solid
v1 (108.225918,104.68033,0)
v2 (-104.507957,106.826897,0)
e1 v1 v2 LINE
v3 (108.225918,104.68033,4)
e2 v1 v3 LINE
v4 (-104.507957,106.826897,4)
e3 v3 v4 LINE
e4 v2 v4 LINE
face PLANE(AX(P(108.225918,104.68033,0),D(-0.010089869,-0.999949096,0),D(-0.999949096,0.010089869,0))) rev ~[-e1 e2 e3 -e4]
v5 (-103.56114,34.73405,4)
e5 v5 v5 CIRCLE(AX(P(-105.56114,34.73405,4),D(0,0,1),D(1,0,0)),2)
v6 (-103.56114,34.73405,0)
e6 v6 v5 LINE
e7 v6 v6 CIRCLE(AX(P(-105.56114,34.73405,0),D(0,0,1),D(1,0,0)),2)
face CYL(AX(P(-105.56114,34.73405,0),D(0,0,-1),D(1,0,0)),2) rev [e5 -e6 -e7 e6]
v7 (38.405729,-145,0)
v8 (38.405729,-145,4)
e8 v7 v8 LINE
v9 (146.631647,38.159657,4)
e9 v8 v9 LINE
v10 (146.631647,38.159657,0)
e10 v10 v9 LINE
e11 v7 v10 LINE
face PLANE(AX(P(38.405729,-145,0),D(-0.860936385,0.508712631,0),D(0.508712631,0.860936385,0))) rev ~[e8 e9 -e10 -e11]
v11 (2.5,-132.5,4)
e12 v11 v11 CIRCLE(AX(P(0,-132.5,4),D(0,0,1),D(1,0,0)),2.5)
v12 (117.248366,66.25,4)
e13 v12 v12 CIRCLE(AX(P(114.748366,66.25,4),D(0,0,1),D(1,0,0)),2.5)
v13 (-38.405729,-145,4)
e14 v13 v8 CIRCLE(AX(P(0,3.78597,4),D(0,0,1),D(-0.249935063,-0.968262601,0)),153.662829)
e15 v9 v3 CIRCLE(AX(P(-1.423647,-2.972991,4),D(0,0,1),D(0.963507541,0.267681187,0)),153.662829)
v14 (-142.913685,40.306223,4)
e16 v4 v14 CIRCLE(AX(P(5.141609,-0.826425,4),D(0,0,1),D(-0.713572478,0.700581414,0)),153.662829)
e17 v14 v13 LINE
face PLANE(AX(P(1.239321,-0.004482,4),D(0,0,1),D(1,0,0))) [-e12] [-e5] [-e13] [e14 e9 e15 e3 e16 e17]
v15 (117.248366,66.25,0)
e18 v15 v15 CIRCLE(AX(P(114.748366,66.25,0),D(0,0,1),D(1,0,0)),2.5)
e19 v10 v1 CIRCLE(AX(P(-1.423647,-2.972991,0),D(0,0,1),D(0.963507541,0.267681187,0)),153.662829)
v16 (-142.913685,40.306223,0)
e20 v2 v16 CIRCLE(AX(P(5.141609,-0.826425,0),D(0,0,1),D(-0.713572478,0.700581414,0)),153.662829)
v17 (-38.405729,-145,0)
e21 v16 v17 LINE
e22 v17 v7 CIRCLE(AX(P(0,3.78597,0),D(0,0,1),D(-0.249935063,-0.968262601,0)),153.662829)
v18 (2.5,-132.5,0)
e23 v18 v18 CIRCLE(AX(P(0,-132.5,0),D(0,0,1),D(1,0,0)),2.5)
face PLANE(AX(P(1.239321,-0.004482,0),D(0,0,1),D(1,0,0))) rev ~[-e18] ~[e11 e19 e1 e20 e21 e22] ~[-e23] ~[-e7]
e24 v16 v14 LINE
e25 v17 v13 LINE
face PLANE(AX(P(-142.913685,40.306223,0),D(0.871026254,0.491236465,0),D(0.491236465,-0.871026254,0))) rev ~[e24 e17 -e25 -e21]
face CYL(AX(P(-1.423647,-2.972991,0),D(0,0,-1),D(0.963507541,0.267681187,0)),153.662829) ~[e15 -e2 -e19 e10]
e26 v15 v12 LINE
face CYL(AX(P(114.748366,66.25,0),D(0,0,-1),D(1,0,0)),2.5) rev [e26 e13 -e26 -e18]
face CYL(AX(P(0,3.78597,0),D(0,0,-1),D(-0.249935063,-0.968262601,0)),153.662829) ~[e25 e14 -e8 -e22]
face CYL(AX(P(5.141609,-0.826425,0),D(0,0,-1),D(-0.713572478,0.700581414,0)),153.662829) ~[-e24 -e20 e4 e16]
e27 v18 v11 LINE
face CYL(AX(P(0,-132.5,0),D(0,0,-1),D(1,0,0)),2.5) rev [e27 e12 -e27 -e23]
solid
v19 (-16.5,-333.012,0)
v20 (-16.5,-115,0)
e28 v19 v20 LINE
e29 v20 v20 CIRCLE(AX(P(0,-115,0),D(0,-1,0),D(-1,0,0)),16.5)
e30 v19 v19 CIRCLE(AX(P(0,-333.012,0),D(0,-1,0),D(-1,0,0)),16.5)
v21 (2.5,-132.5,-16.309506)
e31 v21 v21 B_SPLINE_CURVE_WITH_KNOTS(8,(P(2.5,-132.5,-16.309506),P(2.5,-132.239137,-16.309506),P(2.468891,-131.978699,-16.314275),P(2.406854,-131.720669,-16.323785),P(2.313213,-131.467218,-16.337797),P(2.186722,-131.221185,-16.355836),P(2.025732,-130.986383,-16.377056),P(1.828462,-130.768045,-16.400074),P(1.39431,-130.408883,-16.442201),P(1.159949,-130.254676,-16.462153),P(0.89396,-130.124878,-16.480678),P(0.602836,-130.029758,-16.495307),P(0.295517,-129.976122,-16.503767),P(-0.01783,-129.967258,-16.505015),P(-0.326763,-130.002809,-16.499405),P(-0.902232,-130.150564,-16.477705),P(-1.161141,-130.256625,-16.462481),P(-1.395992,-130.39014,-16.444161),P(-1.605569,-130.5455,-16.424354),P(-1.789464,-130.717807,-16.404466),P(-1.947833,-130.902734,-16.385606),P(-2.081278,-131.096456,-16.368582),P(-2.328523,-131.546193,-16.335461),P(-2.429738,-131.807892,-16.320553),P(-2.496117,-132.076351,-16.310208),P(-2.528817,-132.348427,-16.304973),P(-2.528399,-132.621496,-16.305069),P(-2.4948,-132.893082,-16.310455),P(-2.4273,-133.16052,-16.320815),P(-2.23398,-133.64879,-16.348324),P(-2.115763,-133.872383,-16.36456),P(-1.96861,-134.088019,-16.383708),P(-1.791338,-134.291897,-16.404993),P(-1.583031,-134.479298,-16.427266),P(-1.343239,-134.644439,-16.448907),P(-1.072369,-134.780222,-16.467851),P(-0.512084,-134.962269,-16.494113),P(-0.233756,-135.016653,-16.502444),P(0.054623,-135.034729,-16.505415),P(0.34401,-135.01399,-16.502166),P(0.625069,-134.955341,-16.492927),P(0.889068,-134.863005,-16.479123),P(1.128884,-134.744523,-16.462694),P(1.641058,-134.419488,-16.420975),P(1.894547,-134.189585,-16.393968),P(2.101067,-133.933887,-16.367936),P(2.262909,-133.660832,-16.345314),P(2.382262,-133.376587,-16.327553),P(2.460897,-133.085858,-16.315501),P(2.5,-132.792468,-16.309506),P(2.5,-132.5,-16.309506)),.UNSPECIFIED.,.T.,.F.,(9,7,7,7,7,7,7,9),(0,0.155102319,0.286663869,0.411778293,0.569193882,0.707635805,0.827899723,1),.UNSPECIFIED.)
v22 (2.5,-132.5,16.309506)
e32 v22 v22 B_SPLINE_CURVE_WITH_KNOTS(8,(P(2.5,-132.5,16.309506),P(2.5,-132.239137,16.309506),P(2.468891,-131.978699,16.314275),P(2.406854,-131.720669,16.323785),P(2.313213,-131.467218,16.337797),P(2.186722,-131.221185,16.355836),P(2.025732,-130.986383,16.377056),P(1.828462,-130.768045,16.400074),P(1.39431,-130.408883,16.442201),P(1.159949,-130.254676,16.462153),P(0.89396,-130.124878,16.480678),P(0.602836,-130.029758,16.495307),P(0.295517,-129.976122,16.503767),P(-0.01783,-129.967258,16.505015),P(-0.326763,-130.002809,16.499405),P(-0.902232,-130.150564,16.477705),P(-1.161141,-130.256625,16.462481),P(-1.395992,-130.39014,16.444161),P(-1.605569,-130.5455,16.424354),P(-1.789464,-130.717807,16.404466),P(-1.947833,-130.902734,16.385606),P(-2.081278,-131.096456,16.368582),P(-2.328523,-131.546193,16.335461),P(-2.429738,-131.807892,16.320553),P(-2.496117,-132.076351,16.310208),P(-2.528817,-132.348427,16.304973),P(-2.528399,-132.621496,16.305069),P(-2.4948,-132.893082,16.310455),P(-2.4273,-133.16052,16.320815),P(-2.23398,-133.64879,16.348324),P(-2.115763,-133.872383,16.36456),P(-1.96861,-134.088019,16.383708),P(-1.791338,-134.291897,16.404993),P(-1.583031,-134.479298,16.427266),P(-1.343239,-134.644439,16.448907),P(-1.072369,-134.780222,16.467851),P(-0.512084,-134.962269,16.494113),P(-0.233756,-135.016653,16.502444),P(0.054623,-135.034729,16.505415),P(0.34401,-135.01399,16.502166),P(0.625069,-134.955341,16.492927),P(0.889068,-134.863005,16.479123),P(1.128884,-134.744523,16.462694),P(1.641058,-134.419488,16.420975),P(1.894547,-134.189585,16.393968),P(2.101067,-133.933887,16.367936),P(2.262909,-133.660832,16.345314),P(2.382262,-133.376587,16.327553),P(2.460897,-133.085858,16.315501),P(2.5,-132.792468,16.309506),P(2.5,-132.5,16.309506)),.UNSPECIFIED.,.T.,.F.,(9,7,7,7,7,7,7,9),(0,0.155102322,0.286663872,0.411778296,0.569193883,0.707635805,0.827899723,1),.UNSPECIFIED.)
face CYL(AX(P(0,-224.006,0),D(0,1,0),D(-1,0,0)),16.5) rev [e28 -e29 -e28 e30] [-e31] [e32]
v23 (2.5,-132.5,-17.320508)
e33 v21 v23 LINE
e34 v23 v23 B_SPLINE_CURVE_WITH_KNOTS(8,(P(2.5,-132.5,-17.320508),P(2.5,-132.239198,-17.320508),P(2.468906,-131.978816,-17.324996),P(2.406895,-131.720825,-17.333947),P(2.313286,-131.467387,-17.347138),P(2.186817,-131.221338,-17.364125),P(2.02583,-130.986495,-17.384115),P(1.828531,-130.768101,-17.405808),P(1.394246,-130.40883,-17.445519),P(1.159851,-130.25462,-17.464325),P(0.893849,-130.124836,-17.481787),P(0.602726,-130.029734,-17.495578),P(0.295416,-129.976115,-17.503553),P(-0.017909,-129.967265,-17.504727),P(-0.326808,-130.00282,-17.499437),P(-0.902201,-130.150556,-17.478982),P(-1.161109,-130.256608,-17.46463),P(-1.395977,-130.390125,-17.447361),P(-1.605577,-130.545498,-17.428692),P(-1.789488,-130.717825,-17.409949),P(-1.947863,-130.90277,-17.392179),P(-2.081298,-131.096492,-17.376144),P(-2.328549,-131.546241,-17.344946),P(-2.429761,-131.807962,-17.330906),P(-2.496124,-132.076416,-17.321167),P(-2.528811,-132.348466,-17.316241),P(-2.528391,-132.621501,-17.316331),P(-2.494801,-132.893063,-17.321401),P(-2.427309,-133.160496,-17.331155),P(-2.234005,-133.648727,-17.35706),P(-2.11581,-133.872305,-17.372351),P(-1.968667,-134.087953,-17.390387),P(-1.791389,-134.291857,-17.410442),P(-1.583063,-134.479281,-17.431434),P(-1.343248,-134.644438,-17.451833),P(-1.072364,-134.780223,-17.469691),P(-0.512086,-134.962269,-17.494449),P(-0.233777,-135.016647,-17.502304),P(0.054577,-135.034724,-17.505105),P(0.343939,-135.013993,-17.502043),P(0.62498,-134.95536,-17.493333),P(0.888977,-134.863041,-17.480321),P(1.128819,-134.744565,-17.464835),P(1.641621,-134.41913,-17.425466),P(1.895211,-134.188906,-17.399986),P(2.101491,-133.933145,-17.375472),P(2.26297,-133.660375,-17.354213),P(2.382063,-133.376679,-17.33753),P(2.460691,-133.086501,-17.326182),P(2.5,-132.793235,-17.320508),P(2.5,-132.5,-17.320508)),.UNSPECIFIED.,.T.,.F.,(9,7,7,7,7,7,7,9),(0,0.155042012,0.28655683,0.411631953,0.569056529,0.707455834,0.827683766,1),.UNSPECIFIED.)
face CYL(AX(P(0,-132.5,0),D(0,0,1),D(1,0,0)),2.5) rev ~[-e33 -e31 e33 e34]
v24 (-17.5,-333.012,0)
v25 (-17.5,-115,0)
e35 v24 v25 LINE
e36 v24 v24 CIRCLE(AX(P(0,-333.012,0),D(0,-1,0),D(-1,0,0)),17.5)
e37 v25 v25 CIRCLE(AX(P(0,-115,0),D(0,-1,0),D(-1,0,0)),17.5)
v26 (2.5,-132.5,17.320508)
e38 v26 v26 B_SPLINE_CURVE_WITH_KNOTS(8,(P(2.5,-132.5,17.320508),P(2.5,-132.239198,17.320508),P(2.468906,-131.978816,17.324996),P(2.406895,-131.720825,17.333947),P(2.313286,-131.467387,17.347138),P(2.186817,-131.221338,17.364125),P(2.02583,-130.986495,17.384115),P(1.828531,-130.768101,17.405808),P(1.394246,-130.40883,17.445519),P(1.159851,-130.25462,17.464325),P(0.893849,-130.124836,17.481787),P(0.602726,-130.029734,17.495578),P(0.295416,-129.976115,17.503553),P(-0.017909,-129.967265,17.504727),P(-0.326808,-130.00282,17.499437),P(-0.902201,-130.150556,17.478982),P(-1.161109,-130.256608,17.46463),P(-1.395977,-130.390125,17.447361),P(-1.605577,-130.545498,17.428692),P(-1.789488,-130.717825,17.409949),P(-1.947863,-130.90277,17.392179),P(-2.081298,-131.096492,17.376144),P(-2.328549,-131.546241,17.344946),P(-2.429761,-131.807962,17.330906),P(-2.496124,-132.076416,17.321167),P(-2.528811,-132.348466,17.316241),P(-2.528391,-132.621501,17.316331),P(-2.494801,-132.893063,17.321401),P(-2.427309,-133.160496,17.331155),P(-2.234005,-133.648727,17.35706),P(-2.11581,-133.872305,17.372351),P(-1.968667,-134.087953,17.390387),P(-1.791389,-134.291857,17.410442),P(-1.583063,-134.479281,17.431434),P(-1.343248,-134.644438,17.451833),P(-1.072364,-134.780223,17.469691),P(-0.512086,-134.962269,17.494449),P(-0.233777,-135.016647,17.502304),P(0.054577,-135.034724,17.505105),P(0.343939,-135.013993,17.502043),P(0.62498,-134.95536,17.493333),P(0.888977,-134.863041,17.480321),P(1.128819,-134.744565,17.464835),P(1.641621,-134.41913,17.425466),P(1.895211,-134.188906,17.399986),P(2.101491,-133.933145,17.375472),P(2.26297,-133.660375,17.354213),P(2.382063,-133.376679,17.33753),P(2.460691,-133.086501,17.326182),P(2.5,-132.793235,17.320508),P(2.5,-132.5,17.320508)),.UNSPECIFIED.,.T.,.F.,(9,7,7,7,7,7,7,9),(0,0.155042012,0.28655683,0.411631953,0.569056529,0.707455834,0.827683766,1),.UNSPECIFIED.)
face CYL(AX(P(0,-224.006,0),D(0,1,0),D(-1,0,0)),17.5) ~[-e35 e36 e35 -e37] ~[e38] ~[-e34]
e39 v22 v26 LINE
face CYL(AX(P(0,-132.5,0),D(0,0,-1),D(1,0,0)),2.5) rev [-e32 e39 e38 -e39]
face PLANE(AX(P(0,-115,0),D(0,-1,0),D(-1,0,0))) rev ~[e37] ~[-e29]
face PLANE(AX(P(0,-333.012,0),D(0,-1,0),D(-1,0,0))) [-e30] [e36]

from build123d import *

# Parameters (mm, degrees)
F1_W          = 1
F1_H          = 218.012
F3_R          = 2.5
F3_R_2        = 2
F4_DEPTH      = 4
F5_DEPTH      = 17.501
F5_DEPTH_BACK = 17.501


with BuildPart() as f2:
    # F1 (on Top) → F2 (revolve)
    with BuildSketch(Plane.XY):
        with Locations((-17, -224.006)):
            Rectangle(F1_W, F1_H)
    revolve(axis=Axis((0, -182.075, 0), (0, -1, 0)))

    # F3 (on Top) → F5 (cut, two sides)
    with BuildSketch(Plane.XY) as f5_sk:
        with Locations((0, -132.5)):
            Circle(F3_R)
    extrude(amount=-F5_DEPTH, mode=Mode.SUBTRACT)
    extrude(f5_sk.sketch, amount=F5_DEPTH_BACK, mode=Mode.SUBTRACT)


with BuildPart() as f4:
    # F3 (on Top) → F4 (new body)
    with BuildSketch(Plane.XY):
        with BuildLine():
            Line((-142.9136854684, 40.3062231548), (-38.4057287393, -145))
            ThreePointArc((-38.4057287393, -145), (0, -149.8768585191), (38.4057287393, -145))
            Line((38.4057287393, -145), (146.6316471062, 38.1596570024))
            ThreePointArc((146.6316471062, 38.1596570024), (131.6522661047, 73.858423001), (108.2259183669, 104.6803304806))
            Line((108.2259183669, 104.6803304806), (-104.5079567291, 106.826896633))
            ThreePointArc((-104.5079567291, 106.826896633), (-127.9343044669, 76.0049891534), (-142.9136854684, 40.3062231548))
        make_face()
        with Locations((0, -132.5)):
            Circle(F3_R, mode=Mode.SUBTRACT)
        with Locations((-105.5611399155, 34.734050325)):
            Circle(F3_R_2, mode=Mode.SUBTRACT)
        with Locations((114.7483660014, 66.25)):
            Circle(F3_R, mode=Mode.SUBTRACT)
    extrude(amount=F4_DEPTH)


solid = Compound([f2.part, f4.part])
